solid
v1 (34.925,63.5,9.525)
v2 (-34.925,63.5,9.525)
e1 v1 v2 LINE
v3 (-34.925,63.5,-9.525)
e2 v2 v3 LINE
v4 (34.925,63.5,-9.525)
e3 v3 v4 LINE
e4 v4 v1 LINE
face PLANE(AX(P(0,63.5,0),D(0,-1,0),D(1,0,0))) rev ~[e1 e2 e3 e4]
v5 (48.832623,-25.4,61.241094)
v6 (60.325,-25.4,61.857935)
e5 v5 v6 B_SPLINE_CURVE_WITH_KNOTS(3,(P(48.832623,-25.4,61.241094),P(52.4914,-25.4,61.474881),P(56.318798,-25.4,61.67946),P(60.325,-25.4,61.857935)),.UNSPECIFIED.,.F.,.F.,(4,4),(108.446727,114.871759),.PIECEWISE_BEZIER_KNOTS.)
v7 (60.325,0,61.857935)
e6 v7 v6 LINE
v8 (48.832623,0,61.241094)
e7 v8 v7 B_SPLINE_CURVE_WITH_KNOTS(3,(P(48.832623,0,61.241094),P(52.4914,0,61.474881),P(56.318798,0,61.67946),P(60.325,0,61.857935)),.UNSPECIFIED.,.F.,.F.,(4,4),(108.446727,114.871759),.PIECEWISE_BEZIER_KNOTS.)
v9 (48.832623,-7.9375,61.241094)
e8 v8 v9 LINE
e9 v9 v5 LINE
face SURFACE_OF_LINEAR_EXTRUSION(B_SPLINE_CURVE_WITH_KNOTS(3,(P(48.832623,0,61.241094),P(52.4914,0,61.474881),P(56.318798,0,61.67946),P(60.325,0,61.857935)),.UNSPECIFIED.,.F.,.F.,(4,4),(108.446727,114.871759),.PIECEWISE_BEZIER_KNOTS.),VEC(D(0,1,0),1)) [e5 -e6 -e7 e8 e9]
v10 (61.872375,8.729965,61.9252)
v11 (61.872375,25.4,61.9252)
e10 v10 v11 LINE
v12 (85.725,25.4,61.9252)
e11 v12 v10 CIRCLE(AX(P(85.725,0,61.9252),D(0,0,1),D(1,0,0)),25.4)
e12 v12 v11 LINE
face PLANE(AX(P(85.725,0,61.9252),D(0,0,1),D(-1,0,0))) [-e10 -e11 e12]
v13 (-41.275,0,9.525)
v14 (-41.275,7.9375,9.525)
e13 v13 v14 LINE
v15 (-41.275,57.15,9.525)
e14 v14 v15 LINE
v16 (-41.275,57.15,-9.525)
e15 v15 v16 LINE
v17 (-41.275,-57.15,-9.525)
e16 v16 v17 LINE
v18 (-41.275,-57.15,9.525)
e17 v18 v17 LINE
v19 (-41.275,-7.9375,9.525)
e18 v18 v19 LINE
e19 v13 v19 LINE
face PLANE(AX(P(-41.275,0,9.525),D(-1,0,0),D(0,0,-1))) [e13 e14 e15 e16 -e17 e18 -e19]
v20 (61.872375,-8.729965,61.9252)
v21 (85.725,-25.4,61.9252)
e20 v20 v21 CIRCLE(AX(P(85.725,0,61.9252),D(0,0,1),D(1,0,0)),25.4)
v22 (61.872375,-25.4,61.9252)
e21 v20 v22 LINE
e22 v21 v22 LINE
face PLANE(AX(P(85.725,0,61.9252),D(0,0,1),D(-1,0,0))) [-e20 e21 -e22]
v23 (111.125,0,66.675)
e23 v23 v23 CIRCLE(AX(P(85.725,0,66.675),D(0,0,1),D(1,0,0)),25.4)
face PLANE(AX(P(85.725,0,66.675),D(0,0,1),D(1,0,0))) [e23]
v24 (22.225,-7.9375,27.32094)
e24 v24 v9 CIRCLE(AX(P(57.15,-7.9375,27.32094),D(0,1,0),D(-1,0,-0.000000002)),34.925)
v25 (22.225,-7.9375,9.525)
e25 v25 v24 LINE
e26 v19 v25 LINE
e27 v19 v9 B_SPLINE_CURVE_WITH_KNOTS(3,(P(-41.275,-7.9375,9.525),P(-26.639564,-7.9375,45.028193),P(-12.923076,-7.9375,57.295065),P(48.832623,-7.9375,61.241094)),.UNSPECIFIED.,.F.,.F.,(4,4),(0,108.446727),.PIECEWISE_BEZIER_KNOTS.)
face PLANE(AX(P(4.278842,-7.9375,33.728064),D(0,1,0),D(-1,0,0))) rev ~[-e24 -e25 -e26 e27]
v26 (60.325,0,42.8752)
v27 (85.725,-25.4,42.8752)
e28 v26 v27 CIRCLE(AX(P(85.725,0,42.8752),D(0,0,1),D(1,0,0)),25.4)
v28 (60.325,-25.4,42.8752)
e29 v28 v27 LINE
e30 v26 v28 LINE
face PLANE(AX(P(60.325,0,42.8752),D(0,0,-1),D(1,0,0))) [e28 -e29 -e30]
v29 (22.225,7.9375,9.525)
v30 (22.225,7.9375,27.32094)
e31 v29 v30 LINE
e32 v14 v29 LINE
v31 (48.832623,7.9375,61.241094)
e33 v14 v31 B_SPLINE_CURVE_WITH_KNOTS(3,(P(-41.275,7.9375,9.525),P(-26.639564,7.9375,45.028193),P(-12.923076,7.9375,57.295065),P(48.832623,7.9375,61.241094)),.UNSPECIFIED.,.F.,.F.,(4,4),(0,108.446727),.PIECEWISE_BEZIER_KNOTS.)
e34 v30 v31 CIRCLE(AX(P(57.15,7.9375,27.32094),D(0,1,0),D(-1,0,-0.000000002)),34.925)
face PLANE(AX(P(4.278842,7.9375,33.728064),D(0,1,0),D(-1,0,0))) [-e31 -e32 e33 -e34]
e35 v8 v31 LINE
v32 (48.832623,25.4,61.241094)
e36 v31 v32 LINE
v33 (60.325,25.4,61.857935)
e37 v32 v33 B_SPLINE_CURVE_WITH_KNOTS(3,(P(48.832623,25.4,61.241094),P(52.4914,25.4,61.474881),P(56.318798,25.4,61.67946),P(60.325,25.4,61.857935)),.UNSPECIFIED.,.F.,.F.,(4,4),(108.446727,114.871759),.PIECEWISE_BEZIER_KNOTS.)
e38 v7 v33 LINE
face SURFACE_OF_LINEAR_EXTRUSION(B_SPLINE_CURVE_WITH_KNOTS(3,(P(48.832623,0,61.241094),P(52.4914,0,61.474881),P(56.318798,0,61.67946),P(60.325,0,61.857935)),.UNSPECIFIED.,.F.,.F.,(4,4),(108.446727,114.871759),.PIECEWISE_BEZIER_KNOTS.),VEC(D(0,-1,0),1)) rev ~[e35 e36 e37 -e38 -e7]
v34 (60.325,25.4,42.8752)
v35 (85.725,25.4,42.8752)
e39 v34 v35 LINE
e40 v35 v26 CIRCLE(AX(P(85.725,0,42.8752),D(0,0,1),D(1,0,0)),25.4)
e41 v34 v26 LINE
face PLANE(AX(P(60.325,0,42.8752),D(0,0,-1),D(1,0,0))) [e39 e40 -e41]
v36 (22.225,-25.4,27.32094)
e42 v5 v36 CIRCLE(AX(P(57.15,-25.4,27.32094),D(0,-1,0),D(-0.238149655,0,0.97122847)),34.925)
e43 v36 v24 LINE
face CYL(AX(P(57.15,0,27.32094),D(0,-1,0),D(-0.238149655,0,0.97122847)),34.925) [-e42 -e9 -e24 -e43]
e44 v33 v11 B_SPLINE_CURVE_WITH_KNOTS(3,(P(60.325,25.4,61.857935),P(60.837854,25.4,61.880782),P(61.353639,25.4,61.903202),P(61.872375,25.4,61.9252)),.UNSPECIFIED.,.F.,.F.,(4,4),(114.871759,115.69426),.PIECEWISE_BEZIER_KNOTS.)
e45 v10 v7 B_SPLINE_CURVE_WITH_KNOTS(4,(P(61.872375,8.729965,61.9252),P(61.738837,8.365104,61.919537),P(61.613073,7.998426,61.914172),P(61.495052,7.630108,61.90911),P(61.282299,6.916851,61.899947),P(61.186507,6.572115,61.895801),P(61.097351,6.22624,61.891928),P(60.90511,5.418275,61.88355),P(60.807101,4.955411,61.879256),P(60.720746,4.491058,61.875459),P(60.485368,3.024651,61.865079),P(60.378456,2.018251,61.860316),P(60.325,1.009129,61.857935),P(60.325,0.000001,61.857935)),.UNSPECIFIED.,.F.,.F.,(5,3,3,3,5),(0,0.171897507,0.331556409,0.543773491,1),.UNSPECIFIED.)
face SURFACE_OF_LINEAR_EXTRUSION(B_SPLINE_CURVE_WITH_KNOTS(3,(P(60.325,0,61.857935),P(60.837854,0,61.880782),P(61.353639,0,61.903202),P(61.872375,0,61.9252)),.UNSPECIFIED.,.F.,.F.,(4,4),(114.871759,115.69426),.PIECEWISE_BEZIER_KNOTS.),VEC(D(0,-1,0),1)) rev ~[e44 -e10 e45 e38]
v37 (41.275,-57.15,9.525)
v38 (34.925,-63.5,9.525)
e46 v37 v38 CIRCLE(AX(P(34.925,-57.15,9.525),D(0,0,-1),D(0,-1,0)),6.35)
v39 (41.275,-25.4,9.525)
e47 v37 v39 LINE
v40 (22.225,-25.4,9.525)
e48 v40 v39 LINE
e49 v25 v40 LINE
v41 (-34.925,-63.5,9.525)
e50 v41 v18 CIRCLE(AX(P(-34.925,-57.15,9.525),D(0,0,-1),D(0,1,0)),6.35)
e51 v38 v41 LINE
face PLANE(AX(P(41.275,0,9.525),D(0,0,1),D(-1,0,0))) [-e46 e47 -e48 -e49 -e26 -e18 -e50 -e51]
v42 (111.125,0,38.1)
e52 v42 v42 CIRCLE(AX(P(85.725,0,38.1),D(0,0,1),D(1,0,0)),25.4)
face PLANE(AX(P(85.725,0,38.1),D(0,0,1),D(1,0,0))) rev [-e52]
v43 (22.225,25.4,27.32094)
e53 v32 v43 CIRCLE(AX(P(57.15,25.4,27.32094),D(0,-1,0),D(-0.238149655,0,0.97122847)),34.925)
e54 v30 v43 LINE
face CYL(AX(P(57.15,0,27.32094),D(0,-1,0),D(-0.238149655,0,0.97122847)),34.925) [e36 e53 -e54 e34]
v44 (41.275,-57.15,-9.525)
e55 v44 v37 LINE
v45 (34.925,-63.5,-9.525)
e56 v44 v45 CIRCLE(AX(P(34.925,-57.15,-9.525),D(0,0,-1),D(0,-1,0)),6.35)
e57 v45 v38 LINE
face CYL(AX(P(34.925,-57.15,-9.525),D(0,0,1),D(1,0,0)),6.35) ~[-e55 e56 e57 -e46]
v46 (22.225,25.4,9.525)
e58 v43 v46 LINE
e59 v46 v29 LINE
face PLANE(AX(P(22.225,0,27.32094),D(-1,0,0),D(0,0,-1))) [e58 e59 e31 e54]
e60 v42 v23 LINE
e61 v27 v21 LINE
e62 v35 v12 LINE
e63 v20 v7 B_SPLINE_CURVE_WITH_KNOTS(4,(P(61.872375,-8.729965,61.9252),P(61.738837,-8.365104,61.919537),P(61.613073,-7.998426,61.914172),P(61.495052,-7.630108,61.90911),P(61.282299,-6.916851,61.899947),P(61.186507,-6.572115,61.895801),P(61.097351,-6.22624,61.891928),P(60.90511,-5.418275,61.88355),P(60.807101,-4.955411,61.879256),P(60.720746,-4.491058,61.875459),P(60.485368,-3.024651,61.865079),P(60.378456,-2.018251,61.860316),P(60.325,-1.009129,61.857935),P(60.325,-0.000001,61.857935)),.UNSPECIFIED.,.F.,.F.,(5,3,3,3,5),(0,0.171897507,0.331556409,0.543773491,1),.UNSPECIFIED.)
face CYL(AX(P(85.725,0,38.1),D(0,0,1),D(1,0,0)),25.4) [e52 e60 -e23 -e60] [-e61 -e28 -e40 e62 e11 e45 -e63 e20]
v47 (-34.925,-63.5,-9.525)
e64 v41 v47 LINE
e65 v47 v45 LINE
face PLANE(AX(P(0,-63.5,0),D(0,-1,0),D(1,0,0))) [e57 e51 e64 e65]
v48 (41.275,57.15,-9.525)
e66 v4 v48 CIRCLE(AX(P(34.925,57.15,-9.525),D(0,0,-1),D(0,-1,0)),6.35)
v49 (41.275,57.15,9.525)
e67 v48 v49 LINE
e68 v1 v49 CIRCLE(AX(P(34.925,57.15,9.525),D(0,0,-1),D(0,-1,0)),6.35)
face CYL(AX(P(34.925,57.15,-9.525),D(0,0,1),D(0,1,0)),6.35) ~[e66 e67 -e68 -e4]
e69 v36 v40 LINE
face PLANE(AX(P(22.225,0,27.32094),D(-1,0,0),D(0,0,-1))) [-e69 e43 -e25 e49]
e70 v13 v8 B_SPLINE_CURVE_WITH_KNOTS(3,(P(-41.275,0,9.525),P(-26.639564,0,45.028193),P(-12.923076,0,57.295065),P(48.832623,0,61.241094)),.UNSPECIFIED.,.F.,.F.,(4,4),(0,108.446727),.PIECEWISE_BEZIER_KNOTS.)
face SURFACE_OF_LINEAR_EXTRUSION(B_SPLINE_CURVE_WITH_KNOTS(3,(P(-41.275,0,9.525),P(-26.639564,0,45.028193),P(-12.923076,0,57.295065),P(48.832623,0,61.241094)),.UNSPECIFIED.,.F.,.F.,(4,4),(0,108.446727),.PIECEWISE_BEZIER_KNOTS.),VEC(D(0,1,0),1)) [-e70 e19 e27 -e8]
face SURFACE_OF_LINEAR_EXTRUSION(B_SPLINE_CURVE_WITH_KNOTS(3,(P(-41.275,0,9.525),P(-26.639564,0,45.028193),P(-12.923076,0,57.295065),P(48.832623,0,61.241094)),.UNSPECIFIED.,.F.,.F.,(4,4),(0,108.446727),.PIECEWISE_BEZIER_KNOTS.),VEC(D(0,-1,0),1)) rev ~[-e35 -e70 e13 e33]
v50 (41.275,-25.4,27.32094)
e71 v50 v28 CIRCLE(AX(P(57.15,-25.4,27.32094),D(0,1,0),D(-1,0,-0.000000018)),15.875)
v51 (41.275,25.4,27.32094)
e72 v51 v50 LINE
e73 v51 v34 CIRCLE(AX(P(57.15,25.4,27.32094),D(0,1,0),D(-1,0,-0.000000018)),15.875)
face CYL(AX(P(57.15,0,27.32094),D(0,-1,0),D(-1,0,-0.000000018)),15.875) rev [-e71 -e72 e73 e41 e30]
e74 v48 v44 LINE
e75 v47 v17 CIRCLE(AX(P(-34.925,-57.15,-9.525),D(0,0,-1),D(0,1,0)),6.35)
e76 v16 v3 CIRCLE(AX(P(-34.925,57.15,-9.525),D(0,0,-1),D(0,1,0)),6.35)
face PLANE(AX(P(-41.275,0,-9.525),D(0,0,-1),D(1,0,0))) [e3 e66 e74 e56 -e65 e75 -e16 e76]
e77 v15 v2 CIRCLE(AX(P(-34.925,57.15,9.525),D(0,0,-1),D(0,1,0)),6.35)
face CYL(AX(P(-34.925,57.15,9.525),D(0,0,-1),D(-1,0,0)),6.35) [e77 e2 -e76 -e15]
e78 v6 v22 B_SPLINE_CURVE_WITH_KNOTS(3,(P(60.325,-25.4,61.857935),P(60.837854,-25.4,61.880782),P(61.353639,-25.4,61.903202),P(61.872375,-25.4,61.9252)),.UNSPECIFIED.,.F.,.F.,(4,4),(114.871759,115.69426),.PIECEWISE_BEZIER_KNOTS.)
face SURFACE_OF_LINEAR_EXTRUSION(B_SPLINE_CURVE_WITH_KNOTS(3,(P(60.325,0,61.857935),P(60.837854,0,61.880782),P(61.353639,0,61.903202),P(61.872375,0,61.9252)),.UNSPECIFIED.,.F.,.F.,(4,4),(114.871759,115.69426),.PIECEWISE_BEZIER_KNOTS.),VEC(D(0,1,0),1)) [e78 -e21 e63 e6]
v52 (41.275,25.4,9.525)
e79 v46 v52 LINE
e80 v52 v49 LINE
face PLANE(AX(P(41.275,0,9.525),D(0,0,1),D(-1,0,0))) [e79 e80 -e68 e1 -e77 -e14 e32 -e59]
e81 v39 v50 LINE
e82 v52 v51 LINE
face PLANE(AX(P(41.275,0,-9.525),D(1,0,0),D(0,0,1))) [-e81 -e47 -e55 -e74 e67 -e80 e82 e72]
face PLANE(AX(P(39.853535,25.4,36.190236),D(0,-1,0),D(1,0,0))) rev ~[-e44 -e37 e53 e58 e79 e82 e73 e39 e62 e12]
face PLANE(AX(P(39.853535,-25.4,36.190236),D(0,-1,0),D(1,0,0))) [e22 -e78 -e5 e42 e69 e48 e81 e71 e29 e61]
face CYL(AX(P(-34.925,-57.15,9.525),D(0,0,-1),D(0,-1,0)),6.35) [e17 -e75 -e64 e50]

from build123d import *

# Parameters (mm, degrees)
F1_DEPTH = 63.5
F2_DEPTH = 25.4
F3_DEPTH = 7.9375
F5_R     = 6.35
F6_R     = 6.35
F7_R     = 6.35
F8_R     = 6.35


with BuildPart() as f1:
    # F0 (on Front) → F1 (new body, symmetric)
    with BuildSketch(Plane.XZ):
        Polygon((22.225, 9.525), (-41.275, 9.525), (-41.275, -9.525), (41.275, -9.525), (41.275, 9.525), align=None)
    extrude(amount=F1_DEPTH, both=True)

    # F0 (on Front) → F2 (join, symmetric)
    with BuildSketch(Plane.XZ):
        with BuildLine():
            Line((22.225, 27.32094), (22.225, 9.525))
            Line((22.225, 9.525), (41.275, 9.525))
            Line((41.275, 9.525), (41.275, 27.32094))
            ThreePointArc((41.275, 27.32094), (47.109768, 39.617662), (60.325, 42.8752))
            Line((60.325, 42.8752), (60.325, 61.857935))
            add(Edge.make_bspline(
                [(48.832623, 61.241094), (52.4914, 61.474881), (56.318798, 61.67946), (60.325, 61.857935)],
                knots=[108.446727, 108.446727, 108.446727, 108.446727, 114.871759, 114.871759, 114.871759, 114.871759], degree=3))
            ThreePointArc((48.832623, 61.241094), (29.670553, 48.876348), (22.225, 27.32094))
        make_face()
        with BuildLine():
            add(Edge.make_bspline(
                [(60.325, 61.857935), (60.837854, 61.880782), (61.353639, 61.903202), (61.872375, 61.9252)],
                knots=[114.871759, 114.871759, 114.871759, 114.871759, 115.69426, 115.69426, 115.69426, 115.69426], degree=3))
            Line((60.325, 61.857935), (60.325, 42.8752))
            Line((60.325, 42.8752), (85.725, 42.8752))
            Line((85.725, 42.8752), (85.725, 61.9252))
            Line((85.725, 61.9252), (61.872375, 61.9252))
        make_face()
    extrude(amount=F2_DEPTH, both=True)

    # F0 (on Front) → F3 (join, symmetric)
    with BuildSketch(Plane.XZ):
        with BuildLine():
            add(Edge.make_bspline(
                [(-41.275, 9.525), (-26.639564, 45.028193), (-12.923076, 57.295065), (48.832623, 61.241094)],
                knots=[0, 0, 0, 0, 108.446727, 108.446727, 108.446727, 108.446727], degree=3))
            Line((-41.275, 9.525), (22.225, 9.525))
            Line((22.225, 9.525), (22.225, 27.32094))
            ThreePointArc((22.225, 27.32094), (29.670553, 48.876348), (48.832623, 61.241094))
        make_face()
    extrude(amount=F3_DEPTH, both=True)

    # F0 (on Front) → F4 (revolve)
    with BuildSketch(Plane.XZ):
        Polygon((111.125, 66.675), (85.725, 66.675), (85.725, 61.9252), (85.725, 42.8752), (85.725, 38.1), (111.125, 38.1), align=None)
    revolve(axis=Axis((85.725, 0, 52.3875), (0, 0, 1)))

    # F5
    f5_edges = [f1.edges().sort_by_distance(p)[0] for p in [
        (41.275, -63.5, 0),
    ]]
    fillet(f5_edges, radius=F5_R)

    # F6
    f6_edges = [f1.edges().sort_by_distance(p)[0] for p in [
        (-41.275, -63.5, 0),
    ]]
    fillet(f6_edges, radius=F6_R)

    # F7
    f7_edges = [f1.edges().sort_by_distance(p)[0] for p in [
        (-41.275, 63.5, 0),
    ]]
    fillet(f7_edges, radius=F7_R)

    # F8
    f8_edges = [f1.edges().sort_by_distance(p)[0] for p in [
        (41.275, 63.5, 0),
    ]]
    fillet(f8_edges, radius=F8_R)


solid = f1.part
